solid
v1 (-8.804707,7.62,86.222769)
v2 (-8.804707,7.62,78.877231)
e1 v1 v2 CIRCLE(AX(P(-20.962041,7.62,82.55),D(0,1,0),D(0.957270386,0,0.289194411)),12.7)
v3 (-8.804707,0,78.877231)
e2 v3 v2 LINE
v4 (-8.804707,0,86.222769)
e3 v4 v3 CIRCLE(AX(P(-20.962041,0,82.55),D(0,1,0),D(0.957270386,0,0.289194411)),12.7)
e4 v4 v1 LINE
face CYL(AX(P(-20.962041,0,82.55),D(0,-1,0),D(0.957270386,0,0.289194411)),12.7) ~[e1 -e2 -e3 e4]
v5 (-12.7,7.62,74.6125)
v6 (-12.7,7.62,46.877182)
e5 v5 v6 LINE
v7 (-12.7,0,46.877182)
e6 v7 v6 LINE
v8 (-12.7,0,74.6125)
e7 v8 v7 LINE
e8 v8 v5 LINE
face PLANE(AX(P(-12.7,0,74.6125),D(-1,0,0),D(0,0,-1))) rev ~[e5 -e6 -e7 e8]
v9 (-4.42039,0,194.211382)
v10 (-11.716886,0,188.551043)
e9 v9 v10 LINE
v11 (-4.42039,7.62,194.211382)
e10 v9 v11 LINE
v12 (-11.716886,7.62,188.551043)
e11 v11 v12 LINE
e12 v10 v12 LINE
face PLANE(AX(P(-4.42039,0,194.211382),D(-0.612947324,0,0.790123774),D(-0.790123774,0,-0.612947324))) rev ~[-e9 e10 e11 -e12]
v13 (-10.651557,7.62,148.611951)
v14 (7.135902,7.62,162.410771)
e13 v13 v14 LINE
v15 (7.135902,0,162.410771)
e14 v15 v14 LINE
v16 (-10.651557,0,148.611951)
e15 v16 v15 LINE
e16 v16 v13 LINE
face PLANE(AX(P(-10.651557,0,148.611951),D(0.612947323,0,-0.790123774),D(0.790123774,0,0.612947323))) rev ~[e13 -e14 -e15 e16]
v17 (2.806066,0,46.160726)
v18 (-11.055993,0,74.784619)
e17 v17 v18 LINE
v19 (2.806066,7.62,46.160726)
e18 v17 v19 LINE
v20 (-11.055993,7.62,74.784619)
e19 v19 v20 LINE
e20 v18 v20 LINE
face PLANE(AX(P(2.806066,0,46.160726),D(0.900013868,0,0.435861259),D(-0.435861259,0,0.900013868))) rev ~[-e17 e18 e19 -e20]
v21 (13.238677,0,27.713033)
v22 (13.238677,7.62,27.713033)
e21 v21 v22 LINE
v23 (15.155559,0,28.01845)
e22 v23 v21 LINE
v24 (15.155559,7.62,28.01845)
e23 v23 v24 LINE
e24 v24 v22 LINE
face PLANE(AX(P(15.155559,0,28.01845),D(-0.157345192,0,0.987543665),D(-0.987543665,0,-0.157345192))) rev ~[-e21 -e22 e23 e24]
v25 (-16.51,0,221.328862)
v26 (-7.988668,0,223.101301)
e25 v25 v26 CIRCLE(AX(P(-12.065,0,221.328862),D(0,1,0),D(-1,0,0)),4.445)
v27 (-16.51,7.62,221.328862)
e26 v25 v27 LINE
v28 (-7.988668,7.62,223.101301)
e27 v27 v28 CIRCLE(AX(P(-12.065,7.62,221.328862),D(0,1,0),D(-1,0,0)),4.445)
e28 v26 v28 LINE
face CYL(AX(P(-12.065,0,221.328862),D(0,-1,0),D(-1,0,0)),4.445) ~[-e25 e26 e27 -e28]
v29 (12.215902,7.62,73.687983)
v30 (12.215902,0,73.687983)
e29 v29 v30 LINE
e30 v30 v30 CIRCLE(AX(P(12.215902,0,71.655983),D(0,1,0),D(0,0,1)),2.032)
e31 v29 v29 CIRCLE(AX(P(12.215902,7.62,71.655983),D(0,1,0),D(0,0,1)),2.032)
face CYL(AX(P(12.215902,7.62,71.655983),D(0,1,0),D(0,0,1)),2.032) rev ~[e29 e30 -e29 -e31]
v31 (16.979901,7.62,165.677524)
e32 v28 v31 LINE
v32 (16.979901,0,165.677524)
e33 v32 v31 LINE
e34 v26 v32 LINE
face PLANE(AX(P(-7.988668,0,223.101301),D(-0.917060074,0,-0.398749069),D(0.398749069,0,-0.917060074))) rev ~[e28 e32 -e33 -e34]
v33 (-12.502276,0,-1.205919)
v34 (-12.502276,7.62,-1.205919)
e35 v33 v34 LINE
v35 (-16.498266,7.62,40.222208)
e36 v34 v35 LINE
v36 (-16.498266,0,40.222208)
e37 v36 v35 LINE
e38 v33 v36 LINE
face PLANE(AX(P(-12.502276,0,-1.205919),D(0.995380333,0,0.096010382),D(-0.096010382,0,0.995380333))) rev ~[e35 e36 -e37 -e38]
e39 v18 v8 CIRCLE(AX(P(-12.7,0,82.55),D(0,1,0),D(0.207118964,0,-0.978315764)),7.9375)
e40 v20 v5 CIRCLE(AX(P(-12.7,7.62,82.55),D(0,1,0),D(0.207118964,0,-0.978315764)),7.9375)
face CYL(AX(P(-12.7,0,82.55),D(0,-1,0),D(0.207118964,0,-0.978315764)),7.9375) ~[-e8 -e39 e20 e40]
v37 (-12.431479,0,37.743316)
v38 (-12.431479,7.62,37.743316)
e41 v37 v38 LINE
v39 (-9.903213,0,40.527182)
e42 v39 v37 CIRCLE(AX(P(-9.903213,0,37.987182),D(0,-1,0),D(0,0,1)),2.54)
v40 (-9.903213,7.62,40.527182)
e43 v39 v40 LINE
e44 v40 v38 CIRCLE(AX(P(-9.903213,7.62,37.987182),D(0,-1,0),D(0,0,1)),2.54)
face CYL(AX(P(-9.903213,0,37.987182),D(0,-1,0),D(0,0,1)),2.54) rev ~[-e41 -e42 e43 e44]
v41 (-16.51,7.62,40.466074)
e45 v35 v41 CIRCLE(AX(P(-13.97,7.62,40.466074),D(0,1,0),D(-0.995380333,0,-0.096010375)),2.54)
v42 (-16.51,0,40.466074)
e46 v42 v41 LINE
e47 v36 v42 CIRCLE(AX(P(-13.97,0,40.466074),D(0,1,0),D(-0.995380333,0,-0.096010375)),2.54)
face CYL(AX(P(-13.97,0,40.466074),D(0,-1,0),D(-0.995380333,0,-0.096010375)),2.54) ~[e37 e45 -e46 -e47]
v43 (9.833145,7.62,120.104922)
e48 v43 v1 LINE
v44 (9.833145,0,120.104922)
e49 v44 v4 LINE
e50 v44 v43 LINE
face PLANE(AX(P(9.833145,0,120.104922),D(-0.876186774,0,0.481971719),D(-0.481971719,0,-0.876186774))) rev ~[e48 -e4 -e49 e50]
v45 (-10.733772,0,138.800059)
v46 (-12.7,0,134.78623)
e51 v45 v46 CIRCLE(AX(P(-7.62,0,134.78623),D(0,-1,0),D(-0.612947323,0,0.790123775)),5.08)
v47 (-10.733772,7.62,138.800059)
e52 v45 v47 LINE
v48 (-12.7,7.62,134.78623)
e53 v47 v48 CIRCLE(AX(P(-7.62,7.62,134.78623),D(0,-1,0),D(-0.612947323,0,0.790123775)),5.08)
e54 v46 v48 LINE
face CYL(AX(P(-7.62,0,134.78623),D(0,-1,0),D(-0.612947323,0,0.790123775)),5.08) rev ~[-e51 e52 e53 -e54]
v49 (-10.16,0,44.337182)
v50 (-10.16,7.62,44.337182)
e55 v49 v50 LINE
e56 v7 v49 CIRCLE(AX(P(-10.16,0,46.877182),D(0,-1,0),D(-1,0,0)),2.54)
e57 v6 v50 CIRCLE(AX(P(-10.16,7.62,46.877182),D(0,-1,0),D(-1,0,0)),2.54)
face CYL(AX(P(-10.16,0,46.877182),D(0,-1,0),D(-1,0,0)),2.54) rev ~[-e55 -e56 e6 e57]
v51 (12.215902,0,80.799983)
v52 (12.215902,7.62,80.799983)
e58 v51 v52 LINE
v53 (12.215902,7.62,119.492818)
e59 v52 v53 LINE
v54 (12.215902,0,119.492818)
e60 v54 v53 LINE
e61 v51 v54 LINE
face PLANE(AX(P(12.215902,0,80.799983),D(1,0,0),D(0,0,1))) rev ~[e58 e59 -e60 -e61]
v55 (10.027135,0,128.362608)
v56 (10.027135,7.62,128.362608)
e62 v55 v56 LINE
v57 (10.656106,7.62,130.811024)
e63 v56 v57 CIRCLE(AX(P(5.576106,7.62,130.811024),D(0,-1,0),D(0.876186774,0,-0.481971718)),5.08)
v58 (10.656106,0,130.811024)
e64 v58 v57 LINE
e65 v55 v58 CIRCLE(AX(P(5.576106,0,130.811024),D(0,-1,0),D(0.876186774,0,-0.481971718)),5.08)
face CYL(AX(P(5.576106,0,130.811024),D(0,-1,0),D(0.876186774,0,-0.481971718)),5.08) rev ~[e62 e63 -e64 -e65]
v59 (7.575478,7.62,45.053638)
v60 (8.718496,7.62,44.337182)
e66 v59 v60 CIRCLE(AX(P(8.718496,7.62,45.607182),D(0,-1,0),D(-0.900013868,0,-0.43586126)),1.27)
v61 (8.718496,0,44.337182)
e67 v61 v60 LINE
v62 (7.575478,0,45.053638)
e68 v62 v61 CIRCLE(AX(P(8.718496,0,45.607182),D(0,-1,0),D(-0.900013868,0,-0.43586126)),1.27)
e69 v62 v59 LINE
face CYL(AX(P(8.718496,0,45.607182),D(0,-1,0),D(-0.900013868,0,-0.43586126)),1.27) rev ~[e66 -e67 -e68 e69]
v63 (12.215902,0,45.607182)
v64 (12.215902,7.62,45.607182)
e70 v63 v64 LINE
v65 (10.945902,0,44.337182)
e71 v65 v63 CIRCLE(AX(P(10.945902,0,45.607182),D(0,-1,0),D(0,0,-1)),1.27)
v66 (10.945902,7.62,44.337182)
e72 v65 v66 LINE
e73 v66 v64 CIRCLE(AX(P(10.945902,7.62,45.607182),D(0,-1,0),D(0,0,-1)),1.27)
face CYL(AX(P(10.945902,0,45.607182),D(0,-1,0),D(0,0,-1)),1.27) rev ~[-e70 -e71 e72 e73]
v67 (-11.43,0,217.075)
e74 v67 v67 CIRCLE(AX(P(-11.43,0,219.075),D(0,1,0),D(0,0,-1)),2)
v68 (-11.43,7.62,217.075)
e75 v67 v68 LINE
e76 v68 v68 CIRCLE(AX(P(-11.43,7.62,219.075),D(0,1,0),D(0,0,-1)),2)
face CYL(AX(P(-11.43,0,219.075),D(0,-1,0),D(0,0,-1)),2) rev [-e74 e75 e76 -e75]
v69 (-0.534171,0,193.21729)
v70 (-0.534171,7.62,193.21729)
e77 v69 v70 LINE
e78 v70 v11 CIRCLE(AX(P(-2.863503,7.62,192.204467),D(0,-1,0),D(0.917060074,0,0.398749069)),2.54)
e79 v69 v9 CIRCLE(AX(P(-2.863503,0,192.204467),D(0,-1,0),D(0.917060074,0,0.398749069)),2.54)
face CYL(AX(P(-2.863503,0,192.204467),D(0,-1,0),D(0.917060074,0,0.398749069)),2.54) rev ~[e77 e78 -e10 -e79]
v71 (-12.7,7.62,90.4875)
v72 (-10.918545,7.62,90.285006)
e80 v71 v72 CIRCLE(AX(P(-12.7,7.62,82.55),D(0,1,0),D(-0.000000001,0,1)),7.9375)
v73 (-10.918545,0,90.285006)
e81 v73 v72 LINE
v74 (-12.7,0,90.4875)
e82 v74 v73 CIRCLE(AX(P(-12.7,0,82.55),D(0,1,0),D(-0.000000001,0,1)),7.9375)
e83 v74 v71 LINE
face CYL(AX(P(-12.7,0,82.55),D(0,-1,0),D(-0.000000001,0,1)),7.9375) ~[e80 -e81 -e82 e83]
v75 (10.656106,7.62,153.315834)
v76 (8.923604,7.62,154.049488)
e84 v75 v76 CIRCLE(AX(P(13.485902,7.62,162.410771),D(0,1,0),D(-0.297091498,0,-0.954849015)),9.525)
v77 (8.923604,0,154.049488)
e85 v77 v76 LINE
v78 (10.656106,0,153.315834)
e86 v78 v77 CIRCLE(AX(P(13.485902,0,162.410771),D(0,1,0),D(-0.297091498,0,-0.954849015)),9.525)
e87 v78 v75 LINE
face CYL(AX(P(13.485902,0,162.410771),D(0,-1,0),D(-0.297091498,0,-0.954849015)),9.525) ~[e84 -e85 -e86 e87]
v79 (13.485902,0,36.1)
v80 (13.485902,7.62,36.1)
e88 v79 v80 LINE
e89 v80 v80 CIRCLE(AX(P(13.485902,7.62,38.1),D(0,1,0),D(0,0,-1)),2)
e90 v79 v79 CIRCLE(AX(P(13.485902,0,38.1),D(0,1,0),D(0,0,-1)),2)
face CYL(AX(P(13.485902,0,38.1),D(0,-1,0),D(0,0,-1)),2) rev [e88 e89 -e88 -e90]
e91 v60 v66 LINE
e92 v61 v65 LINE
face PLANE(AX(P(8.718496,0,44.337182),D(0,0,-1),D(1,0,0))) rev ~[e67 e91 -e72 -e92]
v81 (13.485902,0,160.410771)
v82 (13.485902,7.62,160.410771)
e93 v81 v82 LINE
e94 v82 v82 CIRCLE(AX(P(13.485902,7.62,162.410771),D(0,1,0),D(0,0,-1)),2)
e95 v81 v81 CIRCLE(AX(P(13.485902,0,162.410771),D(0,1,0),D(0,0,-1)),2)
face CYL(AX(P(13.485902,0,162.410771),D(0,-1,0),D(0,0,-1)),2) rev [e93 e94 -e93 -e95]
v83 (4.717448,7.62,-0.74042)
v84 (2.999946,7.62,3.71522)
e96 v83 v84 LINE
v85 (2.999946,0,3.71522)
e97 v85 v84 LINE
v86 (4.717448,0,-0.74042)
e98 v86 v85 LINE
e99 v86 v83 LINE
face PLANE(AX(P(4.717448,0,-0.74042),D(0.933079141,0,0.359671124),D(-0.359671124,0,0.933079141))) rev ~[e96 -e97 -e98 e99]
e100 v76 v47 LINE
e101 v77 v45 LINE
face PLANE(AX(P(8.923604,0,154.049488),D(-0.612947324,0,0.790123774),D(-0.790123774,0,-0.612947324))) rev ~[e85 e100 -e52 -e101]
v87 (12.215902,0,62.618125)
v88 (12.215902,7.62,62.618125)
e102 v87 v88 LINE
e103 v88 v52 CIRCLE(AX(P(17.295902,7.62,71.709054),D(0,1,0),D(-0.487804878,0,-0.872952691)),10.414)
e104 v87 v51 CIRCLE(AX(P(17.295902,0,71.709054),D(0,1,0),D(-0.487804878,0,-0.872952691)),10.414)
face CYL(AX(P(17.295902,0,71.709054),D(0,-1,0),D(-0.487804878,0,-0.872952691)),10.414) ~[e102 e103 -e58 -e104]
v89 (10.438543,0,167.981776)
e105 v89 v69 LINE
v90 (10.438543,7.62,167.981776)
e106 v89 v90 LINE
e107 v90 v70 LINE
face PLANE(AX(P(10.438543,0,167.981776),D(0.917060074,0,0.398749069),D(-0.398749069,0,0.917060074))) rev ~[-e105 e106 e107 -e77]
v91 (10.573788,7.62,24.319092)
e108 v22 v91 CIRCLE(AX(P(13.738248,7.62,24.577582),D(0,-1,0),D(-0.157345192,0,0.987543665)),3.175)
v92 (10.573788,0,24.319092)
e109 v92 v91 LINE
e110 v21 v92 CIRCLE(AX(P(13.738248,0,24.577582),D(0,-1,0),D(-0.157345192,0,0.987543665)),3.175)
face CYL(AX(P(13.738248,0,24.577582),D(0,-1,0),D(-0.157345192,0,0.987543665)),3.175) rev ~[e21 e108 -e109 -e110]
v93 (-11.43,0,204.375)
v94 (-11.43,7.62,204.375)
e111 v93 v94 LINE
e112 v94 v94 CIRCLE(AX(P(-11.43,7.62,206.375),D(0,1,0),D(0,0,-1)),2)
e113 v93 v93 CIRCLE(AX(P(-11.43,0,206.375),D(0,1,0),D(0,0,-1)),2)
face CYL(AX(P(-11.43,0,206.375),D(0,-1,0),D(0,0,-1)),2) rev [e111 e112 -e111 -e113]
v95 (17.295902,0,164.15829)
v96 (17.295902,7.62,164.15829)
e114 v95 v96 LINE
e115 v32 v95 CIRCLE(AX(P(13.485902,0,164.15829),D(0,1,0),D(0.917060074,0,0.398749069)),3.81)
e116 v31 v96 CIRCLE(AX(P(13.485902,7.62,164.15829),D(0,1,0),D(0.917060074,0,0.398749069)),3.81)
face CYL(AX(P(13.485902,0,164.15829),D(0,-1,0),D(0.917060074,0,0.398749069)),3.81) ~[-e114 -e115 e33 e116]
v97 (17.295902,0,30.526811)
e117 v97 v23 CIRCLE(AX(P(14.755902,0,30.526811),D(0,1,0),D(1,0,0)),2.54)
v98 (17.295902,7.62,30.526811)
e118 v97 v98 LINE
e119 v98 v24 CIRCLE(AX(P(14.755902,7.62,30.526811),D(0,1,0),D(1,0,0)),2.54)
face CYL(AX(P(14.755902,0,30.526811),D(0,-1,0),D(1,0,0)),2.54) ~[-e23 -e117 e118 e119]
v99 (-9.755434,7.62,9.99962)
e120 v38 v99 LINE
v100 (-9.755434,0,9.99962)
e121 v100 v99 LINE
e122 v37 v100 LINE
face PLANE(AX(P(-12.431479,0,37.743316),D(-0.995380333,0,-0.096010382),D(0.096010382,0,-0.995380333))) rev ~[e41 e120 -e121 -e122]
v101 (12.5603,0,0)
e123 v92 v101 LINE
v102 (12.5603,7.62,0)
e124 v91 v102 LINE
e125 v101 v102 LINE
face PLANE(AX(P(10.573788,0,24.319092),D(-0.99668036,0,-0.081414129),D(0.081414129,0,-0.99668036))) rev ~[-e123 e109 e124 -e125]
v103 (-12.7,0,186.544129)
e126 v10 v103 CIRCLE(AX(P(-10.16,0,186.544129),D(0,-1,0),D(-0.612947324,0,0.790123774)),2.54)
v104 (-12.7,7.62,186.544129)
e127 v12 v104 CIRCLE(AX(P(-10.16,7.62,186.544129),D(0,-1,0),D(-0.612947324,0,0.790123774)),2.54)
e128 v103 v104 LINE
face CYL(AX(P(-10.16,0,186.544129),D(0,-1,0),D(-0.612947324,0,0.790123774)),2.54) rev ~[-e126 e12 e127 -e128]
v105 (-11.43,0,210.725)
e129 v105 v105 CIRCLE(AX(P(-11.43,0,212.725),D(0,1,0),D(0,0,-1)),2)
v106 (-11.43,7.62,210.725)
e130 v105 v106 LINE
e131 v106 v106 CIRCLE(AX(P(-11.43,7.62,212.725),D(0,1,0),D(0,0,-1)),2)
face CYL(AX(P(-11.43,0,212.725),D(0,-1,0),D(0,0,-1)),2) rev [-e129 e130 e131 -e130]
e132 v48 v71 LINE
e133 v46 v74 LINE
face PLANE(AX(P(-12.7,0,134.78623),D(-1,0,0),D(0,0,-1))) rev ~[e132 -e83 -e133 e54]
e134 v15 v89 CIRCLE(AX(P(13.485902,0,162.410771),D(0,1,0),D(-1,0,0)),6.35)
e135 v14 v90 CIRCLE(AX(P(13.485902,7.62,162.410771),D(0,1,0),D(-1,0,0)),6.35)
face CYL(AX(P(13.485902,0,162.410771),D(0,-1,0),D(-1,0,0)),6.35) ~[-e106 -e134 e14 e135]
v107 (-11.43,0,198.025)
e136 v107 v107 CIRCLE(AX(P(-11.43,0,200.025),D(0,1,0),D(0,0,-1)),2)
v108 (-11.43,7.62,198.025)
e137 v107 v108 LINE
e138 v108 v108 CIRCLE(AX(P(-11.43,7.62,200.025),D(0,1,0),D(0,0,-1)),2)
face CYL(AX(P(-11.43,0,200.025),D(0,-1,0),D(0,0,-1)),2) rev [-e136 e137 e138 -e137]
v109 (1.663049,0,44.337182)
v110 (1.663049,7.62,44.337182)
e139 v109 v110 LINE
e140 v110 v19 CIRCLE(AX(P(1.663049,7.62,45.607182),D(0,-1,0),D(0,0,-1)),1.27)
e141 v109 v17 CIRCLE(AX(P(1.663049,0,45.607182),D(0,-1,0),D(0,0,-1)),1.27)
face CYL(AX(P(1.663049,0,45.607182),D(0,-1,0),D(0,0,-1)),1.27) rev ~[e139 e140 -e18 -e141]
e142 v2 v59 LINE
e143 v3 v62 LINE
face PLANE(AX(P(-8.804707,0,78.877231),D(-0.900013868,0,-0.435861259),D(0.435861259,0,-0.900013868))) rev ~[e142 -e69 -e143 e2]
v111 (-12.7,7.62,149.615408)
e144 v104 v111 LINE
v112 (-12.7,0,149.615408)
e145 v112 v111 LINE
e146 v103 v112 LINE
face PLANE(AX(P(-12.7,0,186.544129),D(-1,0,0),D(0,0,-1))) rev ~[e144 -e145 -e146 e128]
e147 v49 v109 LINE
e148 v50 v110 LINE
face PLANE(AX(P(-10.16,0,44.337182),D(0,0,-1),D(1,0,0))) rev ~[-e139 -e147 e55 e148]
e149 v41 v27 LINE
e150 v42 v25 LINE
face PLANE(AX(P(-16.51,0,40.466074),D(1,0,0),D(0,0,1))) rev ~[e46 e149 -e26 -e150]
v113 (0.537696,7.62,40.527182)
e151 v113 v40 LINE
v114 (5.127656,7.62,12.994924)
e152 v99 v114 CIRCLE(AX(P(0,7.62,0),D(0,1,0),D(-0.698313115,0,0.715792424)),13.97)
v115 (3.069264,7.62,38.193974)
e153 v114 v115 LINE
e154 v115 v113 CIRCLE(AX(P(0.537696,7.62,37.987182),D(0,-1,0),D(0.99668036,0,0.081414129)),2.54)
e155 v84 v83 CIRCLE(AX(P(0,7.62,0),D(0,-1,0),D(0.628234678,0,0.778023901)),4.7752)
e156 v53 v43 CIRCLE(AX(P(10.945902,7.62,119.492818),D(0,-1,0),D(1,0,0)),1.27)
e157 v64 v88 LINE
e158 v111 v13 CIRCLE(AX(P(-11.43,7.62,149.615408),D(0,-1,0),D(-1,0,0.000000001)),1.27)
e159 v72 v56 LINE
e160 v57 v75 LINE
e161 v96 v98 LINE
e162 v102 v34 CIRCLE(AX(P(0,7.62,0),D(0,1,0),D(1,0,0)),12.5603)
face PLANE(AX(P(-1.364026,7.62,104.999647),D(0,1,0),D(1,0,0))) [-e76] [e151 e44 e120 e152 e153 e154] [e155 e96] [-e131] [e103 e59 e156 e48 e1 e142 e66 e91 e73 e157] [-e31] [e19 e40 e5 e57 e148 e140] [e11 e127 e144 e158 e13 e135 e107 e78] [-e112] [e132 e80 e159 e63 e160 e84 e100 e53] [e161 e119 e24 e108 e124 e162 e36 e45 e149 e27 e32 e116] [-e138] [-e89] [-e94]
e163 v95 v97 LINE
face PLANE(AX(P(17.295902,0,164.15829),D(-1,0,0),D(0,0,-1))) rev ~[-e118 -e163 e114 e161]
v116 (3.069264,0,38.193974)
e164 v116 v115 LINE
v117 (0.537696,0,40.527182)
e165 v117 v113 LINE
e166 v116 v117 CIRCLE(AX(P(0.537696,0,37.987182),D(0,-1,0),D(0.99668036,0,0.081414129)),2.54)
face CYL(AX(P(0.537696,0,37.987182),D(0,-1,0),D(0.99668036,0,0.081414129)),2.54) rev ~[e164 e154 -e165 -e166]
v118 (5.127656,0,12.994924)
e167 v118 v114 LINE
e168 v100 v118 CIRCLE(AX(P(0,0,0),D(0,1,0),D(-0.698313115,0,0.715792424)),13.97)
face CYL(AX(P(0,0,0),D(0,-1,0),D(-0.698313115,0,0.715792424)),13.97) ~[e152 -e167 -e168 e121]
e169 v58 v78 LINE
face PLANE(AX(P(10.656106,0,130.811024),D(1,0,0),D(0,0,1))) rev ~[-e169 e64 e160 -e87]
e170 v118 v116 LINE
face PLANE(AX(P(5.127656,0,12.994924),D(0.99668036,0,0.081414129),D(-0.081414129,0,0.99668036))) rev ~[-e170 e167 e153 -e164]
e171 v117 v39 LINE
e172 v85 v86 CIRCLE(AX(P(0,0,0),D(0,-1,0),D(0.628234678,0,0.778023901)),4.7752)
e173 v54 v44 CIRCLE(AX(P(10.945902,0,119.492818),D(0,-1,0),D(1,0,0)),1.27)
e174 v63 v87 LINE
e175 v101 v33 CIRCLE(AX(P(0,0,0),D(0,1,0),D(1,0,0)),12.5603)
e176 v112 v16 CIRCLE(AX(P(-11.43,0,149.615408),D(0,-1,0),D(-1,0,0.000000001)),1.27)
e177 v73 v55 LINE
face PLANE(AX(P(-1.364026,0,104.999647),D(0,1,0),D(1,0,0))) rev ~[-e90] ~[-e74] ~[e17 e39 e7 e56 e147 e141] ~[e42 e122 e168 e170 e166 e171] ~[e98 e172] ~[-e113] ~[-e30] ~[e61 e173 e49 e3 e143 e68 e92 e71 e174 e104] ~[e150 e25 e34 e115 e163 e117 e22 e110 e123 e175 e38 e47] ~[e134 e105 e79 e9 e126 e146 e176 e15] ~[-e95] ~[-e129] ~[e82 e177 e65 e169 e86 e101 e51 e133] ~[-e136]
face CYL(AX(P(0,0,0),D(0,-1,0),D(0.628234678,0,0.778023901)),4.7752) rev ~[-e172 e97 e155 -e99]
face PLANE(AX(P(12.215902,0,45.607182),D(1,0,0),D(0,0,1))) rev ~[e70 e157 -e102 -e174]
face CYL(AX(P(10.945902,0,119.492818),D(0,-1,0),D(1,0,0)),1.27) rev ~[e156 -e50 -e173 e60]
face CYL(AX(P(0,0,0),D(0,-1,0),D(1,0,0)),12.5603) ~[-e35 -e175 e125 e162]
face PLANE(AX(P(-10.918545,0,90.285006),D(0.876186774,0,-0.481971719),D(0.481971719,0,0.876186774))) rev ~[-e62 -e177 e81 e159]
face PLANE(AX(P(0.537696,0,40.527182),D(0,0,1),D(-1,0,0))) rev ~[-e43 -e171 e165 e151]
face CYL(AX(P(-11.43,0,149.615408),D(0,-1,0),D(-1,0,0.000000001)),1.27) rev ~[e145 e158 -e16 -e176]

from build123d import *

# Parameters (mm, degrees)
SKETCH2_R           = 2
SKETCH2_R_2         = 1.999999991
BOSS_EXTRUDE1_DEPTH = 7.62
SKETCH7_R           = 2.032
CUT_EXTRUDE1_DEPTH  = 7.62


with BuildPart() as part:
    # Sketch2 → Boss-Extrude1 (new body)
    with BuildSketch(Plane(origin=(0, 0, 0), x_dir=(1, 0, 0), z_dir=(0, 1, 0))):
        with BuildLine():
            ThreePointArc((17.295902343, -30.526810701), (16.688093876, -28.878103365), (15.15555913, -28.018449791))
            Line((15.15555913, -28.018449791), (13.238676936, -27.713033224))
            ThreePointArc((13.238676936, -27.713033224), (11.241051513, -26.538356195), (10.573787778, -24.319092227))
            Line((10.573787778, -24.319092227), (12.5603, 0))
            ThreePointArc((12.5603, 0), (0.603657177, 12.545785512), (-12.502275592, 1.2059192))
            Line((-12.502275592, 1.2059192), (-16.498266045, -40.222207921))
            ThreePointArc((-16.498266045, -40.222207921), (-16.507064815, -40.344000039), (-16.51, -40.466074291))
            Line((-16.51, -40.466074291), (-16.51, -221.328861788))
            ThreePointArc((-16.51, -221.328861788), (-12.970187584, -225.680718913), (-7.988667969, -223.101301399))
            Line((-7.988667969, -223.101301399), (16.979901226, -165.677523619))
            ThreePointArc((16.979901226, -165.677523619), (17.216065593, -164.934164738), (17.295902343, -164.158289667))
            Line((17.295902343, -164.158289667), (17.295902343, -30.526810701))
        make_face()
        with Locations(Location((-11.43, -219.075, 0), (0, 0, 90))):
            Circle(SKETCH2_R, mode=Mode.SUBTRACT)
        with Locations(Location((-11.43, -212.725, 0), (0, 0, 90))):
            Circle(SKETCH2_R, mode=Mode.SUBTRACT)
        with Locations(Location((-11.43, -206.375, 0), (0, 0, 90))):
            Circle(SKETCH2_R, mode=Mode.SUBTRACT)
        with Locations(Location((-11.43, -200.025, 0), (0, 0, 90))):
            Circle(SKETCH2_R, mode=Mode.SUBTRACT)
        with BuildLine():
            ThreePointArc((7.135902343, -162.410770806), (8.023611961, -165.648962244), (10.438542905, -167.981776143))
            Line((10.438542905, -167.981776143), (-0.534170778, -193.217289931))
            ThreePointArc((-0.534170778, -193.217289931), (-2.234040931, -194.665234867), (-4.420389569, -194.211381682))
            Line((-4.420389569, -194.211381682), (-11.716886202, -188.551043102))
            ThreePointArc((-11.716886202, -188.551043102), (-12.441018517, -187.661516081), (-12.7, -186.544128716))
            Line((-12.7, -186.544128716), (-12.7, -149.615408258))
            ThreePointArc((-12.7, -149.615408258), (-11.988693683, -148.474898999), (-10.651556899, -148.611951065))
            Line((-10.651556899, -148.611951065), (7.135902343, -162.410770806))
        make_face(mode=Mode.SUBTRACT)
        with BuildLine():
            ThreePointArc((10.656105825, -153.315833936), (9.771695946, -153.639779081), (8.923603828, -154.049487576))
            Line((8.923603828, -154.049487576), (-10.733772403, -138.80005889))
            ThreePointArc((-10.733772403, -138.80005889), (-12.182037035, -137.021004847), (-12.7, -134.786230117))
            Line((-12.7, -134.786230117), (-12.7, -90.4875))
            ThreePointArc((-12.7, -90.4875), (-11.803536501, -90.43671411), (-10.918544548, -90.285006317))
            Line((-10.918544548, -90.285006317), (10.027134635, -128.362607876))
            ThreePointArc((10.027134635, -128.362607876), (10.49635106, -129.547067395), (10.656105825, -130.811024207))
            Line((10.656105825, -130.811024207), (10.656105825, -153.315833936))
        make_face(mode=Mode.SUBTRACT)
        with Locations(Location((13.485902343, -162.410770806, 0), (0, 0, 90))):
            Circle(SKETCH2_R, mode=Mode.SUBTRACT)
        with BuildLine():
            Line((-10.16, -44.337182032), (1.663048834, -44.337182032))
            ThreePointArc((1.663048834, -44.337182032), (2.739129831, -44.932682449), (2.806066447, -46.160725831))
            Line((2.806066447, -46.160725831), (-11.055993219, -74.784618621))
            ThreePointArc((-11.055993219, -74.784618621), (-11.873503915, -74.655646925), (-12.7, -74.6125))
            Line((-12.7, -74.6125), (-12.7, -46.877182032))
            ThreePointArc((-12.7, -46.877182032), (-11.956051224, -45.081130808), (-10.16, -44.337182032))
        make_face(mode=Mode.SUBTRACT)
        with BuildLine():
            ThreePointArc((-9.903213406, -40.527182032), (-11.783508673, -39.694838236), (-12.431479451, -37.743315662))
            Line((-12.431479451, -37.743315662), (-9.755434212, -9.99962016))
            ThreePointArc((-9.755434212, -9.99962016), (-2.756273581, -13.695395429), (5.127655889, -12.99492382))
            Line((5.127655889, -12.99492382), (3.069264048, -38.19397392))
            ThreePointArc((3.069264048, -38.19397392), (2.259083254, -39.854914801), (0.537695935, -40.527182032))
            Line((0.537695935, -40.527182032), (-9.903213406, -40.527182032))
        make_face(mode=Mode.SUBTRACT)
        with BuildLine():
            ThreePointArc((2.999946232, -3.71521973), (-4.455639512, 1.717501551), (4.717447783, 0.740419782))
            Line((4.717447783, 0.740419782), (2.999946232, -3.71521973))
        make_face(mode=Mode.SUBTRACT)
        with BuildLine():
            ThreePointArc((-8.804706991, -86.222769023), (-8.262040897, -82.55), (-8.804706991, -78.877230977))
            Line((-8.804706991, -78.877230977), (7.575478058, -45.053638233))
            ThreePointArc((7.575478058, -45.053638233), (8.043996088, -44.531101035), (8.718495671, -44.337182032))
            Line((8.718495671, -44.337182032), (10.945902343, -44.337182032))
            ThreePointArc((10.945902343, -44.337182032), (11.843927955, -44.70915642), (12.215902343, -45.607182032))
            Line((12.215902343, -45.607182032), (12.215902343, -62.618124667))
            ThreePointArc((12.215902343, -62.618124667), (6.881902343, -71.709053992), (12.215902343, -80.799983318))
            Line((12.215902343, -80.799983318), (12.215902343, -119.492817968))
            ThreePointArc((12.215902343, -119.492817968), (11.261891546, -120.722879277), (9.83314514, -120.104922051))
            Line((9.83314514, -120.104922051), (-8.804706991, -86.222769023))
        make_face(mode=Mode.SUBTRACT)
        with Locations(Location((13.485902343, -38.1, 0), (0, 0, 90))):
            Circle(SKETCH2_R_2, mode=Mode.SUBTRACT)
    extrude(amount=BOSS_EXTRUDE1_DEPTH)

    # Sketch7 → Cut-Extrude1 (cut)
    with BuildSketch(Plane(origin=(0, 7.62, 0), x_dir=(1, 0, 0), z_dir=(0, 1, 0))):
        with Locations(Location((12.215902343, -71.655983318, 0), (0, 0, 270))):
            Circle(SKETCH7_R)
    extrude(amount=-CUT_EXTRUDE1_DEPTH, mode=Mode.SUBTRACT)


solid = part.part
